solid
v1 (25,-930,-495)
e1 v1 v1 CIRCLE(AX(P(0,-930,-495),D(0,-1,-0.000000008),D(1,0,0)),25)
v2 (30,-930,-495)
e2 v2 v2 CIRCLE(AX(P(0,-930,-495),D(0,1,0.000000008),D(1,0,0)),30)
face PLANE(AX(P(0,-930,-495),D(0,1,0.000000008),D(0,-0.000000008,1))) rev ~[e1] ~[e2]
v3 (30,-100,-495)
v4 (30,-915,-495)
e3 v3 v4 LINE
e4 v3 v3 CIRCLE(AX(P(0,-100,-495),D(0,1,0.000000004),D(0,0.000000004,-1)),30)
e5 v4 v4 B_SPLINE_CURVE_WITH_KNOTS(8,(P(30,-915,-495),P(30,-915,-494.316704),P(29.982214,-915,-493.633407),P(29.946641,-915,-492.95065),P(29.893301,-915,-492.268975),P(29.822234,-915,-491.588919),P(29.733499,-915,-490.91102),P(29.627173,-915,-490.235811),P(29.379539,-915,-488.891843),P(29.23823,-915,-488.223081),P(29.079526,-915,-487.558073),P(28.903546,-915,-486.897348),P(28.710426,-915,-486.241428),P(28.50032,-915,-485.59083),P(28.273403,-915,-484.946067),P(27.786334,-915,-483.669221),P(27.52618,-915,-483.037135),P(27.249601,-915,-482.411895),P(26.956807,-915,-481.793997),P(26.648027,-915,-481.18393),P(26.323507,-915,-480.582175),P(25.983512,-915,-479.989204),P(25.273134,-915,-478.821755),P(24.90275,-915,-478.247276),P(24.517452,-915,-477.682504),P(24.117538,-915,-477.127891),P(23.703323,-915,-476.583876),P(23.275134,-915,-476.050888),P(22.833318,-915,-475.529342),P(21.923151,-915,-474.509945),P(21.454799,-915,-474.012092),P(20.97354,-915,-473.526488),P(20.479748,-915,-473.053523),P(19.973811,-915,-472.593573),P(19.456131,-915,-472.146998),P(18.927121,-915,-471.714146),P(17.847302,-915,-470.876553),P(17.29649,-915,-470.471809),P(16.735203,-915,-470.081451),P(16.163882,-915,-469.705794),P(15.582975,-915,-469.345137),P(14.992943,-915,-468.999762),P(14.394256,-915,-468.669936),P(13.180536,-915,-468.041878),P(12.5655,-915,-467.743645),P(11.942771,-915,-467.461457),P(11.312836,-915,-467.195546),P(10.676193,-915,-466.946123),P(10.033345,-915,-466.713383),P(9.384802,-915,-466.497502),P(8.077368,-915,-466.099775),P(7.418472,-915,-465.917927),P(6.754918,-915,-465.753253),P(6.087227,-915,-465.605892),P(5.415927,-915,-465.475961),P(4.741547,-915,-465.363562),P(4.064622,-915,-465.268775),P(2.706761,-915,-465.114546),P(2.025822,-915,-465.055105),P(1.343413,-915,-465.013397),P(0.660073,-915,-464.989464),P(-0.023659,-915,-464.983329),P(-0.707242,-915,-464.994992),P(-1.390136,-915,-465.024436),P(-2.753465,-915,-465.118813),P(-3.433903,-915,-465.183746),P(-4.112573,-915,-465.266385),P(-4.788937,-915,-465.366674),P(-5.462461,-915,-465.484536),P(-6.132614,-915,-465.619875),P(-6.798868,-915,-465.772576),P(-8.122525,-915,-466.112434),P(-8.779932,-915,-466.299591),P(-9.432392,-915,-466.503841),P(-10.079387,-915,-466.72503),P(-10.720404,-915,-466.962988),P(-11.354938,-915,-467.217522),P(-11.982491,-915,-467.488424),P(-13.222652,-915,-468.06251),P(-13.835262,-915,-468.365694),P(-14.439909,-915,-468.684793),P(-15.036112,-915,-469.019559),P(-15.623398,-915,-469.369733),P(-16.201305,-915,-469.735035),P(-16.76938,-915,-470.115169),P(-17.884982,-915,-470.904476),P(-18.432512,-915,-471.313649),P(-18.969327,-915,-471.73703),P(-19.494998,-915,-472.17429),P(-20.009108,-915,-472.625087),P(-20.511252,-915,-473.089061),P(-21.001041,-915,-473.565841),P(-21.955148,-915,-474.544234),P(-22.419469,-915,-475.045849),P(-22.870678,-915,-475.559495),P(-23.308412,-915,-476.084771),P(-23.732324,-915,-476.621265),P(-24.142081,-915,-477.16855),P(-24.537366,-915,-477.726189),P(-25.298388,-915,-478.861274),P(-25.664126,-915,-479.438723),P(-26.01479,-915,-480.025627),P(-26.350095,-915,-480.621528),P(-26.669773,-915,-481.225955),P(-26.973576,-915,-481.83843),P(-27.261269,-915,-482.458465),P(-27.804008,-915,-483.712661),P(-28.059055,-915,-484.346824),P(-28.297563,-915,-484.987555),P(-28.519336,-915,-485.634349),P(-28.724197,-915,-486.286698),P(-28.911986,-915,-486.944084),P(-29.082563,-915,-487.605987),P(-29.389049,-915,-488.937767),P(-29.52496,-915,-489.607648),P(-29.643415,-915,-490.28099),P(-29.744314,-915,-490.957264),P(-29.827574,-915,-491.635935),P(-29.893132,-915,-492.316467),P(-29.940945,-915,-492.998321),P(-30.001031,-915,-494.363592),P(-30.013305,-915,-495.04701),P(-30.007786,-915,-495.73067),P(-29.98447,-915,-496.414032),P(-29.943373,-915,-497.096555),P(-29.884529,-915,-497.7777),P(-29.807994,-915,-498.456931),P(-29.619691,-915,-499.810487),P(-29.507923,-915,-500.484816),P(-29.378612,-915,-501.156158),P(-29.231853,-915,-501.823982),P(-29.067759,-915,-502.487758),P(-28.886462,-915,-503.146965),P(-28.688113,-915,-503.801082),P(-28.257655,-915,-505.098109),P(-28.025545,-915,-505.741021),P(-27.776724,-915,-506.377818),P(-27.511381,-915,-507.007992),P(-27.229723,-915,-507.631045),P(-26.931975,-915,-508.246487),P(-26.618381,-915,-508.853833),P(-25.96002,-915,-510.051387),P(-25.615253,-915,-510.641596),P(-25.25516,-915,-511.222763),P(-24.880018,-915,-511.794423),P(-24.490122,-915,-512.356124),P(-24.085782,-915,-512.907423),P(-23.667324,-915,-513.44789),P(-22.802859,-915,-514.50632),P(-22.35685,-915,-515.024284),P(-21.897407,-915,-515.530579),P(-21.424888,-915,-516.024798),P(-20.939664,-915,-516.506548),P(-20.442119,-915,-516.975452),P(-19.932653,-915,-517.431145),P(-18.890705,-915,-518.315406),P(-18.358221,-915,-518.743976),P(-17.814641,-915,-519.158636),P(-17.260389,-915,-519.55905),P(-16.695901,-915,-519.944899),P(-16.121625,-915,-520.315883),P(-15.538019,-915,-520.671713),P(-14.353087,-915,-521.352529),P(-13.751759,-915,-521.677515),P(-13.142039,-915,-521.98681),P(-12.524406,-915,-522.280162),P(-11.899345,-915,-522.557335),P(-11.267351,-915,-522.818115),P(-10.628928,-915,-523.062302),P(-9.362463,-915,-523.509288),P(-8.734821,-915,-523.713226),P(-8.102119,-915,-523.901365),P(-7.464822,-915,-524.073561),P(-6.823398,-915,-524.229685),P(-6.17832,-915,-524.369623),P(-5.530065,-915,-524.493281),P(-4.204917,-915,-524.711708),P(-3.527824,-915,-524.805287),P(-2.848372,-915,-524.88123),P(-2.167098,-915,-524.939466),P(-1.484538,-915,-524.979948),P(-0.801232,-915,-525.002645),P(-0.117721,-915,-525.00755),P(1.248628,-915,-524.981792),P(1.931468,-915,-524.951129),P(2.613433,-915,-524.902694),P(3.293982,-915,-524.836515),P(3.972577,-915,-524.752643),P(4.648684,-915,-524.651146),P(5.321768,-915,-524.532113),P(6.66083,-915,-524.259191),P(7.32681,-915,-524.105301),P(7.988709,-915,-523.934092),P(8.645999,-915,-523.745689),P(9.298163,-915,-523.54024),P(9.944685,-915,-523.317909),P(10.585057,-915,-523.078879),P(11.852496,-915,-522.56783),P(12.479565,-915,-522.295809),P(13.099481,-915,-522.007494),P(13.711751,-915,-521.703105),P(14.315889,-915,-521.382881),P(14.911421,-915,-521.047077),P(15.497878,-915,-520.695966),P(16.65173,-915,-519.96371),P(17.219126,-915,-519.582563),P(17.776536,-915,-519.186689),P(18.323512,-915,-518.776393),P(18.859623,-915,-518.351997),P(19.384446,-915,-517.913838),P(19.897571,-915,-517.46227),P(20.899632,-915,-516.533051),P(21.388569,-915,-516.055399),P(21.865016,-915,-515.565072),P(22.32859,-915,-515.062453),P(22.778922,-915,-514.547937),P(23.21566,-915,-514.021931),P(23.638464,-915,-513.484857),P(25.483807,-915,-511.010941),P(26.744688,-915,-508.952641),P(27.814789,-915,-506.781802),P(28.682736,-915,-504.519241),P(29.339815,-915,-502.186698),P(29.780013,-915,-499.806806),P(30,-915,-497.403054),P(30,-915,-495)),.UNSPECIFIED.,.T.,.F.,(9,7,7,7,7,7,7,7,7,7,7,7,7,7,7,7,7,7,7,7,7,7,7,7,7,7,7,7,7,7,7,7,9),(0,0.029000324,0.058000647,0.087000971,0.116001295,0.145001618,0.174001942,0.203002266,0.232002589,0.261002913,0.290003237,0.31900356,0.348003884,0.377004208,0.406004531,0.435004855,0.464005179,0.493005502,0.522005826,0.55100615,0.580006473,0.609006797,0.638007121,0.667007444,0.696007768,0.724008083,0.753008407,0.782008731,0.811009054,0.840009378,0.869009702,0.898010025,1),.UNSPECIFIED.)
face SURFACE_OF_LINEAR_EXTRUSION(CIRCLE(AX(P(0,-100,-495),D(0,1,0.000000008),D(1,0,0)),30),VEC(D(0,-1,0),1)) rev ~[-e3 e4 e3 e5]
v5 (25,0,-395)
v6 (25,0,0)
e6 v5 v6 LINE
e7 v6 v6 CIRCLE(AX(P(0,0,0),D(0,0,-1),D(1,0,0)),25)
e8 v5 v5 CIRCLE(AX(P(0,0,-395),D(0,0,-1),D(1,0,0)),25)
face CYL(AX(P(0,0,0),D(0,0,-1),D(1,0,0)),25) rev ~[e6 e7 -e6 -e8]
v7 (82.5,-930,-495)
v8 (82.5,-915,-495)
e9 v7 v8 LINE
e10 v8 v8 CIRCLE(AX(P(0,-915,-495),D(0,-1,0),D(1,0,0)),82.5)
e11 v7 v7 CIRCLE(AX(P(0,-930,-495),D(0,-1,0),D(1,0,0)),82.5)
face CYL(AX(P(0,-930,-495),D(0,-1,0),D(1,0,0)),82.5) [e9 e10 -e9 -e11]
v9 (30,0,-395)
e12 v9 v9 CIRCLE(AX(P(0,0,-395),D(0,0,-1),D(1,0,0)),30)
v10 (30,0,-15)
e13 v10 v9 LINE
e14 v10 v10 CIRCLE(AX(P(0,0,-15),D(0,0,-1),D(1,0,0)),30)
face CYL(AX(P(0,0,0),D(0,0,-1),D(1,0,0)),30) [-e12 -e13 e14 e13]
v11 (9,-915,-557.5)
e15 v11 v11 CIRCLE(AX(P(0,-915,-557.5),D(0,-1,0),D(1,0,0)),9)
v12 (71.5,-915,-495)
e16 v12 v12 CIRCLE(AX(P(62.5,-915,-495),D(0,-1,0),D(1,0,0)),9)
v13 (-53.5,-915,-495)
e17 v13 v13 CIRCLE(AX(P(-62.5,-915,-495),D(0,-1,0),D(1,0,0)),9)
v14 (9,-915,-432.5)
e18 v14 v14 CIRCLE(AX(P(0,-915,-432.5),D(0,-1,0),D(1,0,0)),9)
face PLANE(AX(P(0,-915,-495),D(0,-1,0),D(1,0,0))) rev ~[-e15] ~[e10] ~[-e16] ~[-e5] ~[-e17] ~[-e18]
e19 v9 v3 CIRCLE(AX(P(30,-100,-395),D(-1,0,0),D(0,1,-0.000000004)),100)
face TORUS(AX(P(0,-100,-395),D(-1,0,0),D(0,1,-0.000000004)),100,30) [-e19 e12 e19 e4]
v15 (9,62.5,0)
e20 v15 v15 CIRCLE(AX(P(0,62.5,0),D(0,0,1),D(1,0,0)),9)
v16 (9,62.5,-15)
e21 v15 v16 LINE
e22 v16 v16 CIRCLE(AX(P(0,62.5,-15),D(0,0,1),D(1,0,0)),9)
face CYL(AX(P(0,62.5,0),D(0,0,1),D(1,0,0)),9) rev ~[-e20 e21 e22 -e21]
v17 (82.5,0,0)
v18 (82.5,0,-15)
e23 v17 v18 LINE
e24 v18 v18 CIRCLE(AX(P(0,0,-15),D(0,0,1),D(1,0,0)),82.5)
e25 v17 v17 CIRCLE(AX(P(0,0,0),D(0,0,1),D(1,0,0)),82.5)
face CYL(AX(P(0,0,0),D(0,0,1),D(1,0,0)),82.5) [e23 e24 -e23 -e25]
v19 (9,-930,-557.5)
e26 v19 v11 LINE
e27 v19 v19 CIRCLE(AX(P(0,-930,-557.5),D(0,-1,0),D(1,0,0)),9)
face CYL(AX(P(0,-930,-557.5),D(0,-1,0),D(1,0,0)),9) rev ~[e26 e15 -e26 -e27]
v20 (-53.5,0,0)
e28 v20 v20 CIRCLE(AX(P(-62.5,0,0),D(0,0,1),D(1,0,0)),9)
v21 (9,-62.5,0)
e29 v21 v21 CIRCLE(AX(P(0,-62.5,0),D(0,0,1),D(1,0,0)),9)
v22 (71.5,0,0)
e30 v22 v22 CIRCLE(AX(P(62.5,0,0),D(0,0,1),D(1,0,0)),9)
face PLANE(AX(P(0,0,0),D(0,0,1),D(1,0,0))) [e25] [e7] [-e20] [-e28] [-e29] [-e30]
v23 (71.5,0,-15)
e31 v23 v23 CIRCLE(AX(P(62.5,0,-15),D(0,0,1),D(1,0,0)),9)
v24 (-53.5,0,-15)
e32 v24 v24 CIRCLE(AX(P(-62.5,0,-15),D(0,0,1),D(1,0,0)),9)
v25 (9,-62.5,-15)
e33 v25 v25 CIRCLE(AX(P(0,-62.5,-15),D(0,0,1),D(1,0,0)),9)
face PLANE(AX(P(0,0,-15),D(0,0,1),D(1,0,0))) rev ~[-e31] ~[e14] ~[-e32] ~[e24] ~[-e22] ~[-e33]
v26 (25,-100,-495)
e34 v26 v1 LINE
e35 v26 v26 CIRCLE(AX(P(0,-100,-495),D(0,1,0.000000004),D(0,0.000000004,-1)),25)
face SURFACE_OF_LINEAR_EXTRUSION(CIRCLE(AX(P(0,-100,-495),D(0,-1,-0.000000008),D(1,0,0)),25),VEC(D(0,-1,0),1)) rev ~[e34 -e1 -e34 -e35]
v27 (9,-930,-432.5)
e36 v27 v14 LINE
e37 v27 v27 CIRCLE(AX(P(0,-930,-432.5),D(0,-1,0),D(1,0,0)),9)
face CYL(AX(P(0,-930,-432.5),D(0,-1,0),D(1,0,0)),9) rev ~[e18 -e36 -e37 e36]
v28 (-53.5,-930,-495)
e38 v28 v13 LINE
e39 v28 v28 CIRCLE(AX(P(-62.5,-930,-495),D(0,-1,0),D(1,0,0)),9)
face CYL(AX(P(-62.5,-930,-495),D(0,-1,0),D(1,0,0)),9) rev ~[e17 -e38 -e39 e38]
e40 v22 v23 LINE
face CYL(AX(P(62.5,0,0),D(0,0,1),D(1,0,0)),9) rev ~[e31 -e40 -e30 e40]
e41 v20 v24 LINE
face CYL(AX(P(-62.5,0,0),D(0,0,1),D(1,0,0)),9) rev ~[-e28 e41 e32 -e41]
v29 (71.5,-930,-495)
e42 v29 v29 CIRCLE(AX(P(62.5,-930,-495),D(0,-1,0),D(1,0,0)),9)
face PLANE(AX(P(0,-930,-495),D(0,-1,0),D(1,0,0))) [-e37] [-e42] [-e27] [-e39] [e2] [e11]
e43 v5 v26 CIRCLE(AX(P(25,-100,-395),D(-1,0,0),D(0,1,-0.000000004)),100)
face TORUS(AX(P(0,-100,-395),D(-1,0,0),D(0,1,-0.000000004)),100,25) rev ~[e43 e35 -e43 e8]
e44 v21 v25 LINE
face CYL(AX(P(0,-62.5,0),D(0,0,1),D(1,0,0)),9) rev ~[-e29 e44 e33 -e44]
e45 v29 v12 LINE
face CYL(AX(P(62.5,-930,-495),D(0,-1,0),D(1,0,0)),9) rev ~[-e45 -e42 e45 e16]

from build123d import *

# Parameters (mm, degrees)
F1_R     = 30
F1_R_2   = 25
F3_R     = 82.5
F3_R_2   = 9
F3_R_3   = 25
F4_DEPTH = 15
F5_R     = 82.5
F5_R_2   = 9
F5_R_3   = 25
F6_DEPTH = 15


with BuildPart() as f2:
    # F2: sweep along a path in F0
    with BuildLine(Plane.YZ) as f2_path:
        Line((0, 0), (0, -395))
        ThreePointArc((0, -395), (-29.289322, -465.710678), (-100, -495))
        Line((-100, -495), (-930, -495))
    # F1 (on Top) → F2 (sweep)
    with BuildSketch(Plane.XY):
        Circle(F1_R)
        Circle(F1_R_2, mode=Mode.SUBTRACT)
    sweep(path=f2_path.line)

    # F3 (on Top) → F4 (join)
    with BuildSketch(Plane.XY):
        Circle(F3_R)
        with Locations((0, -62.5)):
            Circle(F3_R_2, mode=Mode.SUBTRACT)
        with Locations((-62.5, 0)):
            Circle(F3_R_2, mode=Mode.SUBTRACT)
        Circle(F3_R_3, mode=Mode.SUBTRACT)
        with Locations((62.5, 0)):
            Circle(F3_R_2, mode=Mode.SUBTRACT)
        with Locations((0, 62.5)):
            Circle(F3_R_2, mode=Mode.SUBTRACT)
    extrude(amount=-F4_DEPTH)

    # F5 (on face) → F6 (join)
    with BuildSketch(Plane.XZ.offset(930)):
        with Locations((0, -495)):
            Circle(F5_R)
        with Locations((-62.5, -495)):
            Circle(F5_R_2, mode=Mode.SUBTRACT)
        with Locations((0, -557.5)):
            Circle(F5_R_2, mode=Mode.SUBTRACT)
        with Locations((0, -495)):
            Circle(F5_R_3, mode=Mode.SUBTRACT)
        with Locations((0, -432.5)):
            Circle(F5_R_2, mode=Mode.SUBTRACT)
        with Locations((62.5, -495)):
            Circle(F5_R_2, mode=Mode.SUBTRACT)
    extrude(amount=-F6_DEPTH)


solid = f2.part
